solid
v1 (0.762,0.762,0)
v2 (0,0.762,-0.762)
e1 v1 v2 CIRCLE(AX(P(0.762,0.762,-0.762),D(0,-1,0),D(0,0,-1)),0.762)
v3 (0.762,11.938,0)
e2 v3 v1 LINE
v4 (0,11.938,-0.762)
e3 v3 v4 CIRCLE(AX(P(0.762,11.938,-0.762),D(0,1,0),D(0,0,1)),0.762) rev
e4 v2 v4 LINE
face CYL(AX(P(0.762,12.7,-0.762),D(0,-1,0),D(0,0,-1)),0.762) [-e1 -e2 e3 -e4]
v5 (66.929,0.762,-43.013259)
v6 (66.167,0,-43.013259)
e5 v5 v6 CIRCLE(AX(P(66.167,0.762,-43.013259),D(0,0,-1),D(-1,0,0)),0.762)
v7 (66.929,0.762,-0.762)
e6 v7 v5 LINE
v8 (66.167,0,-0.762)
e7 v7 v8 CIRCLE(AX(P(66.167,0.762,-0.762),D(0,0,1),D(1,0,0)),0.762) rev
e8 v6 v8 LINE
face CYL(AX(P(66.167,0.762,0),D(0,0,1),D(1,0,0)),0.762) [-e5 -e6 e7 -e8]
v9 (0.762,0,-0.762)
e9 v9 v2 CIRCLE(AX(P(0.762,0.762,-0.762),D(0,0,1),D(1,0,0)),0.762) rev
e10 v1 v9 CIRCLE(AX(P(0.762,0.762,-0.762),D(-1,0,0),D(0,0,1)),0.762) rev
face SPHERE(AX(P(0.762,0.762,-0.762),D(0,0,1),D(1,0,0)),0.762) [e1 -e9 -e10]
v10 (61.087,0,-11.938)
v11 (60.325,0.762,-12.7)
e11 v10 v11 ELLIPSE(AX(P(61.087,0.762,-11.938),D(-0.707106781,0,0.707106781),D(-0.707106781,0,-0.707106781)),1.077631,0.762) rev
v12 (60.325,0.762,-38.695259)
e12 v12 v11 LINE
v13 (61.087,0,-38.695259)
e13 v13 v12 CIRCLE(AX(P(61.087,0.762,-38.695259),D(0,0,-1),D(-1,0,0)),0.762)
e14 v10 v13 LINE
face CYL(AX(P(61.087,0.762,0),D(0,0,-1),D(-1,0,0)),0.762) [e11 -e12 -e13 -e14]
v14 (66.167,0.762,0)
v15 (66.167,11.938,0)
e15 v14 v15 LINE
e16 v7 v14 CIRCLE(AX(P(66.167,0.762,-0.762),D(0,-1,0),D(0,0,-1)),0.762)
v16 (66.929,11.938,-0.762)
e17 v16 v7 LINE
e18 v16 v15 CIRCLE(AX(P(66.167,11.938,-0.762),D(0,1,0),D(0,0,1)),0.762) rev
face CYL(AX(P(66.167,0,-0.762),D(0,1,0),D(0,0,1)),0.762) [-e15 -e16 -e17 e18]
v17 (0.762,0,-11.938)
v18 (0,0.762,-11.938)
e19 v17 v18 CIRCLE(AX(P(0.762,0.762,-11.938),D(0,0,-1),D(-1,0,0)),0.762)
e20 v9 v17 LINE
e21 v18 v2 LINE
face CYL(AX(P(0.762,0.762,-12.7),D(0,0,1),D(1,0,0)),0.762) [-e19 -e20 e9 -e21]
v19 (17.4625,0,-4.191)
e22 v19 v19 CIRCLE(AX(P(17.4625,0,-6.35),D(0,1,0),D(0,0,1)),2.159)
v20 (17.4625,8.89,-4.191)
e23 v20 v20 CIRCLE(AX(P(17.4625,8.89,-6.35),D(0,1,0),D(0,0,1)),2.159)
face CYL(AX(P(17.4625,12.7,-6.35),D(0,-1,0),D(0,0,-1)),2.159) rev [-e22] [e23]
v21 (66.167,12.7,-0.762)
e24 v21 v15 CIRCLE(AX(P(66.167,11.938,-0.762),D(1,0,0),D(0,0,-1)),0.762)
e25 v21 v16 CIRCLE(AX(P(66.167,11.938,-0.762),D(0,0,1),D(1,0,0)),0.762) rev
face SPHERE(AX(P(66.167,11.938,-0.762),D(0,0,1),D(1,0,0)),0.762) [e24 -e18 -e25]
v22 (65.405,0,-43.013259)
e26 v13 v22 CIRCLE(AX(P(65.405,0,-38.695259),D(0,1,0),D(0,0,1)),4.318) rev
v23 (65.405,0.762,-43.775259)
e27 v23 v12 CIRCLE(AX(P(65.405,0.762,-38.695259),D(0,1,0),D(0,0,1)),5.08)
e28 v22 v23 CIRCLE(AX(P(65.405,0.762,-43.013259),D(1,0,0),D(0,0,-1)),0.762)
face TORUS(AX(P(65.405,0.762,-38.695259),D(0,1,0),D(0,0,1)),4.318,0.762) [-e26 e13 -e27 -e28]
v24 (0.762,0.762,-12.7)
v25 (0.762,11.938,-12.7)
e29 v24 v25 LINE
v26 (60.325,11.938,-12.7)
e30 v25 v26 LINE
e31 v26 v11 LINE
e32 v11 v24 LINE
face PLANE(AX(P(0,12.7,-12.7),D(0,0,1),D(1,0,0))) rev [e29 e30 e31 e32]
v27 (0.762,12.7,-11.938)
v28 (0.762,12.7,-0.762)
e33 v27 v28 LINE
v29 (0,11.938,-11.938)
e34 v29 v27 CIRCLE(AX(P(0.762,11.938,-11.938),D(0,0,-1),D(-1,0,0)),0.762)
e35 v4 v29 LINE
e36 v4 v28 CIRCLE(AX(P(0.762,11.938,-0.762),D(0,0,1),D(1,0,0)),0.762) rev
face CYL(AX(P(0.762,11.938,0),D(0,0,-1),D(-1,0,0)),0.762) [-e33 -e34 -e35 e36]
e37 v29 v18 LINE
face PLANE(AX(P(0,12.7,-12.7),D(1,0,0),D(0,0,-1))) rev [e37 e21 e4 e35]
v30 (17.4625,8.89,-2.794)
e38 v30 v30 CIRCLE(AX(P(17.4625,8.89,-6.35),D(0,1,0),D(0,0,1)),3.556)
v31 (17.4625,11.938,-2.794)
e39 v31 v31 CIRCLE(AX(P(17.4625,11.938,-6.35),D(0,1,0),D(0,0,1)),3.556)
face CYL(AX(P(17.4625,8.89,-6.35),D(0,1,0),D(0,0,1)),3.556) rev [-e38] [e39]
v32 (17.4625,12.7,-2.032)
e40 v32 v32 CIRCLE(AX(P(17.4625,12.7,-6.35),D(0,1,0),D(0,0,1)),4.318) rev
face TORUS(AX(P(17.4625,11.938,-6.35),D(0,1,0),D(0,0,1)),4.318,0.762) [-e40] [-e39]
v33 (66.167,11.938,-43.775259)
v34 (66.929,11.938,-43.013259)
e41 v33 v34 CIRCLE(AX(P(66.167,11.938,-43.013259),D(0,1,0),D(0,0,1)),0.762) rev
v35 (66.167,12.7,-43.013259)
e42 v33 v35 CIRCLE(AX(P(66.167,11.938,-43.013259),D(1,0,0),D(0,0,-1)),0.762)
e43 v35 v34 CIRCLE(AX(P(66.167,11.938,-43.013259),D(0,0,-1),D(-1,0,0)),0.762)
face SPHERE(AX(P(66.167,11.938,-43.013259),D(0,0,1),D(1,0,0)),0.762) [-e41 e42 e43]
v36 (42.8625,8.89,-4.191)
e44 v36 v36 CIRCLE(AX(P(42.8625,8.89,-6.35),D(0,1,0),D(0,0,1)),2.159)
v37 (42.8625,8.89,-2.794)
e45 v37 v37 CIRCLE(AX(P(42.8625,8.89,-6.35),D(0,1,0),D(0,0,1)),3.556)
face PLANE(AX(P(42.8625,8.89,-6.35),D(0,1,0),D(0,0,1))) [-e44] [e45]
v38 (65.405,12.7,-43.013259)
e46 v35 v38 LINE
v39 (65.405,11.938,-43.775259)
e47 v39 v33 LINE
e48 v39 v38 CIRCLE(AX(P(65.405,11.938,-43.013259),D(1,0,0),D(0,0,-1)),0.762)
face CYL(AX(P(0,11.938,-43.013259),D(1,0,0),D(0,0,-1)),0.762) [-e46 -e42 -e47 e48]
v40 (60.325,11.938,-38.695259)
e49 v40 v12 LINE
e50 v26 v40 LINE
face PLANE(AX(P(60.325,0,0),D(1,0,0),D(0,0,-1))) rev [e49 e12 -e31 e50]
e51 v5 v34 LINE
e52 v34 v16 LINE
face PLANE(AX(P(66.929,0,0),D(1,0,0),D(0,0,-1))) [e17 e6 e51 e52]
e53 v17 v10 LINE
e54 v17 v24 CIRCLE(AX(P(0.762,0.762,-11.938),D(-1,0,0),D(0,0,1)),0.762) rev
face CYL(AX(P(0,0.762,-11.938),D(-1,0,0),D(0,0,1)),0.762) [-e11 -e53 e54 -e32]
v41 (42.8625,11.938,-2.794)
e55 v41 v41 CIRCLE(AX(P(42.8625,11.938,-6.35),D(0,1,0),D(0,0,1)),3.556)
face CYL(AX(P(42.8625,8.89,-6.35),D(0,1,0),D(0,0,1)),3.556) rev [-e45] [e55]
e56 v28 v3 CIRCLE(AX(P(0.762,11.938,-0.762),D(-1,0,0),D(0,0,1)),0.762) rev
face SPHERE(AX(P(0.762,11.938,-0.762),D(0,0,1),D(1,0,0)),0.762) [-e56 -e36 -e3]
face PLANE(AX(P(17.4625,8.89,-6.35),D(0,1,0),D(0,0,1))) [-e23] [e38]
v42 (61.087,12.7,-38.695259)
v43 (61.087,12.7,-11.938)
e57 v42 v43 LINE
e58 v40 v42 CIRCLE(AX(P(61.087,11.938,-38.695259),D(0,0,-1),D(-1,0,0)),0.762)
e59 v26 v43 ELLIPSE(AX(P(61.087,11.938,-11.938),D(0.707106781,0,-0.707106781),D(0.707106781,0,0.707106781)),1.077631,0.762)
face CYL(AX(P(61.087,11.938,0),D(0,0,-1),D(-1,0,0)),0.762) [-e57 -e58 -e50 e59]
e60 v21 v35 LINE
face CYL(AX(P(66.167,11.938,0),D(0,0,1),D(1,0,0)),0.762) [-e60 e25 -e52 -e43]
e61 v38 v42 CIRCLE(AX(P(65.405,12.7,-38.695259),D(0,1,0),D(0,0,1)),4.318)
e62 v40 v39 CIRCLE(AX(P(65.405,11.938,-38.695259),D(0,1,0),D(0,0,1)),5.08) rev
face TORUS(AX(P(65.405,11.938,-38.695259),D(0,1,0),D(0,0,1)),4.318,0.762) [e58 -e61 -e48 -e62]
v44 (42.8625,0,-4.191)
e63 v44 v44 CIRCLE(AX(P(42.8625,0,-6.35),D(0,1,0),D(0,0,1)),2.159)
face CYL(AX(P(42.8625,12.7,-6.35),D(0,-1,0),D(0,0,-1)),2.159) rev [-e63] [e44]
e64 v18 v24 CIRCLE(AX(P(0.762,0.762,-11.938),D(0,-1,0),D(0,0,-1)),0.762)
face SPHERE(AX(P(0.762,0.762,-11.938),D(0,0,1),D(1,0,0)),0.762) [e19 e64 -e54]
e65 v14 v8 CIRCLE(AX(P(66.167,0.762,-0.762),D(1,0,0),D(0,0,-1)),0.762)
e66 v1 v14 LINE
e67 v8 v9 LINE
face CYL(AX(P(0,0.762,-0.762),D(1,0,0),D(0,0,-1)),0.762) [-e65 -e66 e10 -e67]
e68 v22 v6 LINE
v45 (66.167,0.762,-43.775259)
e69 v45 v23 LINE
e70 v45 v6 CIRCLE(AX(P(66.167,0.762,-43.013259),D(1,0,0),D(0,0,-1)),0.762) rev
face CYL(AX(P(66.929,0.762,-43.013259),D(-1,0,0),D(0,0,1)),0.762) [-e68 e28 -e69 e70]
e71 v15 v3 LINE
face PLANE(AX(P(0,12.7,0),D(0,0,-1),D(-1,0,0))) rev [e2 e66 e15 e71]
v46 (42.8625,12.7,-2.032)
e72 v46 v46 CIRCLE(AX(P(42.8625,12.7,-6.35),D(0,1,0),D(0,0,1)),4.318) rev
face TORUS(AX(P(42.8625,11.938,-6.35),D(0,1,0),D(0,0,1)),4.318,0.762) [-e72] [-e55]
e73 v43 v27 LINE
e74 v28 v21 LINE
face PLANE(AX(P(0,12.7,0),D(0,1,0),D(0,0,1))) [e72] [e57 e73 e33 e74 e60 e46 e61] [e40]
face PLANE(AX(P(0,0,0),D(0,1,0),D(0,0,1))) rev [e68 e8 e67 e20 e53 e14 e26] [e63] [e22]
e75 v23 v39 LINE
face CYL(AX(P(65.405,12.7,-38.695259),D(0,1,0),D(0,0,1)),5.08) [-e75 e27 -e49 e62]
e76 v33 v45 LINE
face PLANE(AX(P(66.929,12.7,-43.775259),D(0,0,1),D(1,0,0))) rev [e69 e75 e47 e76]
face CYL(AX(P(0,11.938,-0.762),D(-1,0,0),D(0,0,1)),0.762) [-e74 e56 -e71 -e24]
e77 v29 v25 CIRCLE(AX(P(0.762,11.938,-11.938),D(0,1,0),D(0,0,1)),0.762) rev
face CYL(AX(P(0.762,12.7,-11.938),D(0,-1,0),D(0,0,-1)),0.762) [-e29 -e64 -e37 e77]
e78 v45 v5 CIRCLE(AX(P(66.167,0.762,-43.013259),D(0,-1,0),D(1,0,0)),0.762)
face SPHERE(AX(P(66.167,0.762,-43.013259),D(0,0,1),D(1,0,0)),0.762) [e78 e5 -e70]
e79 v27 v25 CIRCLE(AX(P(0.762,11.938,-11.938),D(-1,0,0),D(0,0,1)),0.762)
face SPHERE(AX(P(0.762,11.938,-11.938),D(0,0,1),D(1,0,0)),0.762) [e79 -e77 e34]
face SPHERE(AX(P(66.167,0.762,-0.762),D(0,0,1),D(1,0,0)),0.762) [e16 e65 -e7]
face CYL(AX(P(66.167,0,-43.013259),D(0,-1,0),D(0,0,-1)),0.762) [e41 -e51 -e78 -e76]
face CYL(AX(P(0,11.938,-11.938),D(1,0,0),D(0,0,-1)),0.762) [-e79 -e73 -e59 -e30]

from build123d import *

# Parameters (mm, degrees)
SKETCH1_W           = 60.325
SKETCH1_H           = 12.7
SKETCH1_R           = 2.159
BOSS_EXTRUDE1_DEPTH = 12.7
SKETCH5_W           = 43.775259309
SKETCH5_H           = 12.7
BOSS_EXTRUDE3_DEPTH = 6.604
SKETCH6_R           = 3.556
CUT_EXTRUDE1_DEPTH  = 3.81
FILLET2_R           = 5.08
FILLET3_R           = 0.762


with BuildPart() as part:
    # Sketch1 → Boss-Extrude1 (new body)
    with BuildSketch(Plane(origin=(0, 0, 0), x_dir=(1, 0, 0), z_dir=(0, 1, 0))):
        with Locations((30.1625, 6.35)):
            Rectangle(SKETCH1_W, SKETCH1_H)
        with Locations((17.4625, 6.35)):
            Circle(SKETCH1_R, mode=Mode.SUBTRACT)
        with Locations((42.8625, 6.35)):
            Circle(SKETCH1_R, mode=Mode.SUBTRACT)
    extrude(amount=BOSS_EXTRUDE1_DEPTH)

    # Sketch5 → Boss-Extrude3 (add)
    with BuildSketch(Plane(origin=(60.325, 0, 0), x_dir=(0, 0, -1), z_dir=(1, 0, 0))):
        with Locations((21.887629655, 6.35)):
            Rectangle(SKETCH5_W, SKETCH5_H)
    extrude(amount=BOSS_EXTRUDE3_DEPTH)

    # Sketch6 → Cut-Extrude1 (cut)
    with BuildSketch(Plane(origin=(0, 12.7, 0), x_dir=(1, 0, 0), z_dir=(0, 1, 0))):
        with Locations((42.8625, 6.35)):
            Circle(SKETCH6_R)
        with Locations((17.4625, 6.35)):
            Circle(SKETCH6_R)
    extrude(amount=-CUT_EXTRUDE1_DEPTH, mode=Mode.SUBTRACT)

    # Fillet2
    fillet2_edges = [part.edges().sort_by_distance(p)[0] for p in [
        (60.325, 6.35, -43.775259309),
    ]]
    fillet(fillet2_edges, radius=FILLET2_R)

    # Fillet3
    fillet3_edges = [part.edges().sort_by_distance(p)[0] for p in [
        (30.1625, 12.7, -12.7),
        (60.325, 0, -25.697629654),
        (66.167, 0, -43.775259309),
        (66.167, 12.7, -43.775259309),
        (66.929, 6.35, 0),
        (66.929, 0, -21.887629654),
        (66.929, 6.35, -43.775259309),
        (66.929, 12.7, -21.887629654),
        (39.3065, 12.7, -6.35),
        (0, 12.7, -6.35),
        (13.9065, 12.7, -6.35),
        (30.1625, 0, -12.7),
        (60.325, 12.7, -25.697629654),
        (61.812897552, 12.7, -42.287361757),
        (61.812897552, 0, -42.287361757),
        (33.4645, 0, 0),
        (0, 0, -6.35),
        (33.4645, 12.7, 0),
        (0, 6.35, -12.7),
        (0, 6.35, 0),
    ]]
    fillet(fillet3_edges, radius=FILLET3_R)


solid = part.part
